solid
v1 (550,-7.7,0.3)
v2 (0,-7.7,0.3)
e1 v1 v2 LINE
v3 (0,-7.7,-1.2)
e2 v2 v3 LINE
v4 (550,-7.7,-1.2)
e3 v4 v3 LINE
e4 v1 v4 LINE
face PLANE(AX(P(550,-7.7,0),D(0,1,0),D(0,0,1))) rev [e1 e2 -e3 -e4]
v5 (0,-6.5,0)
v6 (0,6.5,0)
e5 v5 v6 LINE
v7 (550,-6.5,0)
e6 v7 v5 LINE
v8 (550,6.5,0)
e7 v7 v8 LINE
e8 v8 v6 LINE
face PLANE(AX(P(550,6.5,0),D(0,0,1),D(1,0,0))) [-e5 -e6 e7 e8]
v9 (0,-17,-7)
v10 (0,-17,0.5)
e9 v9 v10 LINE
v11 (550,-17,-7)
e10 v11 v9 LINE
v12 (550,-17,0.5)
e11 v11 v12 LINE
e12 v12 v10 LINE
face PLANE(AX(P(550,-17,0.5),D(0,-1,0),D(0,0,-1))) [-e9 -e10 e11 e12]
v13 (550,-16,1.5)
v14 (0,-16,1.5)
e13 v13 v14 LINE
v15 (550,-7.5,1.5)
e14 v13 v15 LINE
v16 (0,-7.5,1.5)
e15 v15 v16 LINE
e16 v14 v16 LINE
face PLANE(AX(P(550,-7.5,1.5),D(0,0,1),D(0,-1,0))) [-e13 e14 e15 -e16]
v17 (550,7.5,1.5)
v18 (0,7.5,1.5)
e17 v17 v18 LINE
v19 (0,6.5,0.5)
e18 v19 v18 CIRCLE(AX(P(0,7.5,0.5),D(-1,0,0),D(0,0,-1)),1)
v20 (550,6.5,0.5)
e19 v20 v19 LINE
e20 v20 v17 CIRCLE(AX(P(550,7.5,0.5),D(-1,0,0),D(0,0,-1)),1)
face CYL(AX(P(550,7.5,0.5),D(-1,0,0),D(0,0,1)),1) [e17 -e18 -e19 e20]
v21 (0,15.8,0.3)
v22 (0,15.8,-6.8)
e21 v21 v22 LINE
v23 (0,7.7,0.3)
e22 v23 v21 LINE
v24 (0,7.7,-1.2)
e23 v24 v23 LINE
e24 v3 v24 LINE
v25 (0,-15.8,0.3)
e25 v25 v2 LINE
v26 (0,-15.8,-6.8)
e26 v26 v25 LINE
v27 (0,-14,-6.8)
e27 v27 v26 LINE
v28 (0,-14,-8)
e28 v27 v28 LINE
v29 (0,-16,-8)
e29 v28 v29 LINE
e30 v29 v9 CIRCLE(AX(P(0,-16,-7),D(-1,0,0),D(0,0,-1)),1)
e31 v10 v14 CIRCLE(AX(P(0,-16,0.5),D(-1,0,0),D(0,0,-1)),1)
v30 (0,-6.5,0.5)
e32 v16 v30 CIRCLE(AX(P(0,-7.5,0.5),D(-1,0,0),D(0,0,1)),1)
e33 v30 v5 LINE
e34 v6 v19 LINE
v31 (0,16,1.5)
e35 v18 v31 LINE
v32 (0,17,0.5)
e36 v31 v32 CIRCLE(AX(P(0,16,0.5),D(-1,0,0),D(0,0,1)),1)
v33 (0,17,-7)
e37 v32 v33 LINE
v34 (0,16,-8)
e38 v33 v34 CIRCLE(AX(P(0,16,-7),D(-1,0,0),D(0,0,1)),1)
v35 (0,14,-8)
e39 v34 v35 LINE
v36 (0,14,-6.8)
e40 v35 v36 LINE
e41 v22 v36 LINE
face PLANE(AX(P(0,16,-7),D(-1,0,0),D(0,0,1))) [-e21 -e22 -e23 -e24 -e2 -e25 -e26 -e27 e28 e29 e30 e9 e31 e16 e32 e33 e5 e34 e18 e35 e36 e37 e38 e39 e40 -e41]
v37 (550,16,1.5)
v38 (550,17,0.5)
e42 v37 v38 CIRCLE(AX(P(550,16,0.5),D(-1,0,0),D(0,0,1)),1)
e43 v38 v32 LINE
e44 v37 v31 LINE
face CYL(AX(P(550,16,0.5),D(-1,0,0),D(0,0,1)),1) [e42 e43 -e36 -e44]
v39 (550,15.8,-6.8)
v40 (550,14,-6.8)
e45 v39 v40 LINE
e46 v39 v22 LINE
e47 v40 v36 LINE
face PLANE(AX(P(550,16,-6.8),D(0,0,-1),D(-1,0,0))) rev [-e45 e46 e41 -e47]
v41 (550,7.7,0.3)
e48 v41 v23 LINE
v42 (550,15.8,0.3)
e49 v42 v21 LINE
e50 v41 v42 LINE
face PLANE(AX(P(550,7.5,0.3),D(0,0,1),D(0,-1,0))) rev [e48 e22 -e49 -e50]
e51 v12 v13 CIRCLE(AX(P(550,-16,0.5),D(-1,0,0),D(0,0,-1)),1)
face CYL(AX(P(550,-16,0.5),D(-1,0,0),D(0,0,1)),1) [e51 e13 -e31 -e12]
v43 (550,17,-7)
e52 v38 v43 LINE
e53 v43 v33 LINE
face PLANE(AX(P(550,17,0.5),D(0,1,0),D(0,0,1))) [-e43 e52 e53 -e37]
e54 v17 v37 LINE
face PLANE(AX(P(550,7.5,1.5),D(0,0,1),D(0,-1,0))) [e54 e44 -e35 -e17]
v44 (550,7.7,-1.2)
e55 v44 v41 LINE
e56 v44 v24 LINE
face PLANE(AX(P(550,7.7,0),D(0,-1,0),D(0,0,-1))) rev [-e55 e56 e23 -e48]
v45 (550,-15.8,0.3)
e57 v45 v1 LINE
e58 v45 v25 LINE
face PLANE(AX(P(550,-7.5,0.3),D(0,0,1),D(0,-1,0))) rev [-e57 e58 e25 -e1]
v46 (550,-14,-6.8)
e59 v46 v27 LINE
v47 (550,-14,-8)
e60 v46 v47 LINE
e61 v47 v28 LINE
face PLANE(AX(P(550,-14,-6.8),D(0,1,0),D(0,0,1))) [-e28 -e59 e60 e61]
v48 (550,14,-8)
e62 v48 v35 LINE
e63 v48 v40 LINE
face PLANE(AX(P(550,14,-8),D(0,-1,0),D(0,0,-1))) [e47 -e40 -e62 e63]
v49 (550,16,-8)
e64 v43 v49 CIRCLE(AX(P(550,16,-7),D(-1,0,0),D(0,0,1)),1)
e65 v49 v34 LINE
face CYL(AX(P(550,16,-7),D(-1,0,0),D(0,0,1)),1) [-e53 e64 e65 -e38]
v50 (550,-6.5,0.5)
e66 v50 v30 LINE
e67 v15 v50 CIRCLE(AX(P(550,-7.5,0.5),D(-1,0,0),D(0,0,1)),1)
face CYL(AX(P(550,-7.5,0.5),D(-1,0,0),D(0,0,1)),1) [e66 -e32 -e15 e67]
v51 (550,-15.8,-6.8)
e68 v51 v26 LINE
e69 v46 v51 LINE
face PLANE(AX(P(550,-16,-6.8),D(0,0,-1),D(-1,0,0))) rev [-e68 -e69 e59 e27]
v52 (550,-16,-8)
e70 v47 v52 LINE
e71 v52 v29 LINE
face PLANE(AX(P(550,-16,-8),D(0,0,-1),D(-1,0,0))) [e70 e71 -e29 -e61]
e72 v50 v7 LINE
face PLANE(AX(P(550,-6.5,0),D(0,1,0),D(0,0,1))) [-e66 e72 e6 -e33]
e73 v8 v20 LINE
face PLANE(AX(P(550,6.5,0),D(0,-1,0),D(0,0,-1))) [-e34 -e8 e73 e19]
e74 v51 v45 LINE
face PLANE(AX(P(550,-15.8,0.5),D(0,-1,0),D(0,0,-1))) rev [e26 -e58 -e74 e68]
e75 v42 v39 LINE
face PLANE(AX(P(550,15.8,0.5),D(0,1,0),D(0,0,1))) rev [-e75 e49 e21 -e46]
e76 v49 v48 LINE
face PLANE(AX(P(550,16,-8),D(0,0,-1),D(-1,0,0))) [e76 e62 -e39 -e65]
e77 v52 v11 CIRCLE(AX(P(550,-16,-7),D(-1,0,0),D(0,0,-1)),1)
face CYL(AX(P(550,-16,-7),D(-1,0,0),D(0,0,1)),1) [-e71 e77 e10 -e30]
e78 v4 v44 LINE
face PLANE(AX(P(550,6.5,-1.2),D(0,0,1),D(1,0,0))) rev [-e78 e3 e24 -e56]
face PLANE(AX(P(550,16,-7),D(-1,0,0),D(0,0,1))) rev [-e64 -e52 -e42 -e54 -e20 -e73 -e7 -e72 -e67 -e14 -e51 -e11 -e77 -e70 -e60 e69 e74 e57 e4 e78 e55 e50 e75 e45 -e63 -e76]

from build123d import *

# Parameters (mm, degrees)
EXTRUDE_3_DEPTH = 550


with BuildPart() as part:
    # Эскиз1 → Вытянуть-Тонкостенный3 (new body)
    with BuildSketch(Plane(origin=(0, 0, 0), x_dir=(0, 0, -1), z_dir=(1, 0, 0))):
        with BuildLine():
            Line((8, 14), (8, 16))
            ThreePointArc((8, 16), (7.707106781, 16.707106781), (7, 17))
            Line((7, 17), (-0.5, 17))
            ThreePointArc((-0.5, 17), (-1.207106781, 16.707106781), (-1.5, 16))
            Line((-1.5, 16), (-1.5, 7.5))
            ThreePointArc((-1.5, 7.5), (-1.207106781, 6.792893219), (-0.5, 6.5))
            Line((-0.5, 6.5), (0, 6.5))
            Line((0, 6.5), (0, -6.5))
            Line((0, -6.5), (-0.5, -6.5))
            ThreePointArc((-0.5, -6.5), (-1.207106781, -6.792893219), (-1.5, -7.5))
            Line((-1.5, -7.5), (-1.5, -16))
            ThreePointArc((-1.5, -16), (-1.207106781, -16.707106781), (-0.5, -17))
            Line((-0.5, -17), (7, -17))
            ThreePointArc((7, -17), (7.707106781, -16.707106781), (8, -16))
            Line((8, -16), (8, -14))
            Line((8, -14), (6.8, -14))
            Line((6.8, -14), (6.8, -15.8))
            Line((6.8, -15.8), (-0.3, -15.8))
            Line((-0.3, -15.8), (-0.3, -7.7))
            Line((-0.3, -7.7), (1.2, -7.7))
            Line((1.2, -7.7), (1.2, 7.7))
            Line((1.2, 7.7), (-0.3, 7.7))
            Line((-0.3, 7.7), (-0.3, 15.8))
            Line((-0.3, 15.8), (6.8, 15.8))
            Line((6.8, 15.8), (6.8, 14))
            Line((6.8, 14), (8, 14))
        make_face()
    extrude(amount=EXTRUDE_3_DEPTH)


solid = part.part
